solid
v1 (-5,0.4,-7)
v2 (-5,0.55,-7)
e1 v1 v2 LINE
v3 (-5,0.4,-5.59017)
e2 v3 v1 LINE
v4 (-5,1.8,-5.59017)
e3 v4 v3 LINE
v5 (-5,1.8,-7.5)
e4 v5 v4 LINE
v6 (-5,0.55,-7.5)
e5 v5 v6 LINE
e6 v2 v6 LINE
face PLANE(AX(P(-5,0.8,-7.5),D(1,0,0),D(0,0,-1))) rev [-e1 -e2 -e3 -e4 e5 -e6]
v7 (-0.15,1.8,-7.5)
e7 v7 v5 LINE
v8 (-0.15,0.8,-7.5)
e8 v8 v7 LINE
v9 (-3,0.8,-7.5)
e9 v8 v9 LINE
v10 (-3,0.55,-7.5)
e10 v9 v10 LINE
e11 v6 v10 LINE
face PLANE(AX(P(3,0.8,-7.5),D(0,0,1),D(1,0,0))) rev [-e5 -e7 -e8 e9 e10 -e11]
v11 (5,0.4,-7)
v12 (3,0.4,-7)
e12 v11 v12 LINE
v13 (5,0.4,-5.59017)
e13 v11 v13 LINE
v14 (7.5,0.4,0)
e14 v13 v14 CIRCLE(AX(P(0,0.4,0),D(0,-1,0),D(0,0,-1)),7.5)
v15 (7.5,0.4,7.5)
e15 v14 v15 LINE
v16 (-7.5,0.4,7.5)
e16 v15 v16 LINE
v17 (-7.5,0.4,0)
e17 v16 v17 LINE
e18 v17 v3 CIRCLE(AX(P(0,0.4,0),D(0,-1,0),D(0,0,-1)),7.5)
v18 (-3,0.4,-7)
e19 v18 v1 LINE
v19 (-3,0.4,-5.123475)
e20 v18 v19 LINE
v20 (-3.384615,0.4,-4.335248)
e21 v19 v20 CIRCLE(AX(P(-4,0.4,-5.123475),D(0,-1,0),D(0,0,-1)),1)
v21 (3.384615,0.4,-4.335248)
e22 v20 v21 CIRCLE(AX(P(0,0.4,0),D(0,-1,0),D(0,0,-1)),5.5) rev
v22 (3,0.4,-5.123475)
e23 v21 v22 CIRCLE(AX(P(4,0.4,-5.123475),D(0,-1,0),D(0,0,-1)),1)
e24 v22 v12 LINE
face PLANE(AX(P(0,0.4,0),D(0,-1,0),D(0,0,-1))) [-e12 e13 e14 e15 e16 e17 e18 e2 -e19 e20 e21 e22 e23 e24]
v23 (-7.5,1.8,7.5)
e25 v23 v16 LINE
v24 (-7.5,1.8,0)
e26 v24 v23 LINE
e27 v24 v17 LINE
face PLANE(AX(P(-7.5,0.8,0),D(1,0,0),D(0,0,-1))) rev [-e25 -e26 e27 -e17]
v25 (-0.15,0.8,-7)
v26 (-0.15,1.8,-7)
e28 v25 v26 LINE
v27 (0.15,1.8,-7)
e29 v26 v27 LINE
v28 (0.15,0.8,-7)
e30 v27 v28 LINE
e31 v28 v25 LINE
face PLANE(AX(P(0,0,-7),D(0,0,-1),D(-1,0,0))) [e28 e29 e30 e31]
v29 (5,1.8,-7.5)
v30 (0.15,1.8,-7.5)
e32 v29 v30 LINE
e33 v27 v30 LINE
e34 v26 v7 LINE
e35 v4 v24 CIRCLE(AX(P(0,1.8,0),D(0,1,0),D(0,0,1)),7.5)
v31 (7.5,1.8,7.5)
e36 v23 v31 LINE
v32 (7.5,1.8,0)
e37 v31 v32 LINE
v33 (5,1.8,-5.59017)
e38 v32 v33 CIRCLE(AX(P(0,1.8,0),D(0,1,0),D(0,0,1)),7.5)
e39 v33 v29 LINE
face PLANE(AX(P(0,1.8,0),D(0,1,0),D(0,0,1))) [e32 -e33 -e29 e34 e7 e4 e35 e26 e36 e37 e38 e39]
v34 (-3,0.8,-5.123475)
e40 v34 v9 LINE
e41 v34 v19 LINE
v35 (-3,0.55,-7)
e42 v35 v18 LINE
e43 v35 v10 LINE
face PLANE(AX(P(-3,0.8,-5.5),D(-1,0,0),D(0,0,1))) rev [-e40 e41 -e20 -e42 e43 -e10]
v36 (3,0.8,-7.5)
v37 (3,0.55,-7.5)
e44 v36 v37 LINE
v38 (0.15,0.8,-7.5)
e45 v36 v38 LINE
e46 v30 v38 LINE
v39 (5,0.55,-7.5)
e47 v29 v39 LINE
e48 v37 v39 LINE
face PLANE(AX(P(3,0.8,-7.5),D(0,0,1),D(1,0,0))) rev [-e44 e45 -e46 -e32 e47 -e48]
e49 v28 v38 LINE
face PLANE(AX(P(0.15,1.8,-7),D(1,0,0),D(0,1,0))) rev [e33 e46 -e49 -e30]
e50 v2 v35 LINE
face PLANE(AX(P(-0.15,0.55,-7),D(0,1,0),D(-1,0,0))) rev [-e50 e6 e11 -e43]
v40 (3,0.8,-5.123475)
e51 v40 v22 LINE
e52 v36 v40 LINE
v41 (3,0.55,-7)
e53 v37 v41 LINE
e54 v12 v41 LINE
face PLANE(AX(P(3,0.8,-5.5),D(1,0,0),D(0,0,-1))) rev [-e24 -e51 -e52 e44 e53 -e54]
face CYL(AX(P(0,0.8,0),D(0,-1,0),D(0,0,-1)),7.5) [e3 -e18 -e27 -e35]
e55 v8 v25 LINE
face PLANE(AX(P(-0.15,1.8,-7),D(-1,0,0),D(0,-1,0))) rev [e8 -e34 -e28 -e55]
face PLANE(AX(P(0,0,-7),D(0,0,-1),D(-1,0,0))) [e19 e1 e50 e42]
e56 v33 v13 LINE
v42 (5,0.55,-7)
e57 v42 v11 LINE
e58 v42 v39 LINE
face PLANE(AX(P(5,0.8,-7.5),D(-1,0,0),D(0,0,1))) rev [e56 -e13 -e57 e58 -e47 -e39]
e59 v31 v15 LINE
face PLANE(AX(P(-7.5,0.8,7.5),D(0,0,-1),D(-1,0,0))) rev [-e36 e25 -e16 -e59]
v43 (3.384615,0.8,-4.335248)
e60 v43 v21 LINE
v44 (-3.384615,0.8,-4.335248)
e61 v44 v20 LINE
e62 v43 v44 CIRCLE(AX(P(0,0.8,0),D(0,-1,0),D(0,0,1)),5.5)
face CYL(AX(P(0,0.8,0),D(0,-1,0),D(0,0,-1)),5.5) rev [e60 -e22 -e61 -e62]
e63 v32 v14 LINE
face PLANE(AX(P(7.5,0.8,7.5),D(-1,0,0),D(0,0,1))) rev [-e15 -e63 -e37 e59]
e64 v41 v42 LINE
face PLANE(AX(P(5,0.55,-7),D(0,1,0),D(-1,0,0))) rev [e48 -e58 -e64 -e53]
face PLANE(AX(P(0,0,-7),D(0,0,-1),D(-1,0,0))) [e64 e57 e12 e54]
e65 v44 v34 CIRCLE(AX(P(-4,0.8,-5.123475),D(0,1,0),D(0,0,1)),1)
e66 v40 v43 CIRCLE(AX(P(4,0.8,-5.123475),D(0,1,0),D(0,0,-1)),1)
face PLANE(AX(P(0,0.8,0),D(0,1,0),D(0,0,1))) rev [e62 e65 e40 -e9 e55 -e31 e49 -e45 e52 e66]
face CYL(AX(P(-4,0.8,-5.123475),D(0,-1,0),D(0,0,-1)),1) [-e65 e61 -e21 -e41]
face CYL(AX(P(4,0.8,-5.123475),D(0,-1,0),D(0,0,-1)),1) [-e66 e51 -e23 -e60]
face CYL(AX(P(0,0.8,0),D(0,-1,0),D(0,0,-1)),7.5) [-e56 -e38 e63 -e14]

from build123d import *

# Parameters (mm, degrees)
BOSS_EXTRUDE1_DEPTH = 0.8
BOSS_EXTRUDE2_DEPTH = 1
BOSS_EXTRUDE3_START = 1
BOSS_EXTRUDE3_DEPTH = 1
CUT_EXTRUDE1_DEPTH  = 0.5
SKETCH5_W           = 18.969303985
SKETCH5_H           = 16.990491699
CUT_EXTRUDE2_DEPTH  = 4


with BuildPart() as part:
    # Sketch1 → Boss-Extrude1 (new body)
    with BuildSketch(Plane(origin=(0, 0, 0), x_dir=(1, 0, 0), z_dir=(0, 1, 0))):
        with BuildLine():
            Line((-5, 7.5), (-5, 5.590169944))
            ThreePointArc((-5, 5.590169944), (-6.846531969, 3.061862178), (-7.5, 0))
            Line((-7.5, 0), (-7.5, -7.5))
            Line((-7.5, -7.5), (7.5, -7.5))
            Line((7.5, -7.5), (7.5, 0))
            ThreePointArc((7.5, 0), (6.846531969, 3.061862178), (5, 5.590169944))
            Line((5, 5.590169944), (5, 7.5))
            Line((5, 7.5), (3, 7.5))
            Line((3, 7.5), (3, 5.5))
            Line((3, 5.5), (3, 5.123475383))
            ThreePointArc((3, 5.123475383), (3.101282966, 4.684946373), (3.384615385, 4.335248401))
            ThreePointArc((3.384615385, 4.335248401), (0, -5.5), (-3.384615385, 4.335248401))
            ThreePointArc((-3.384615385, 4.335248401), (-3.101282966, 4.684946373), (-3, 5.123475383))
            Line((-3, 5.123475383), (-3, 5.5))
            Line((-3, 5.5), (-3, 7.5))
            Line((-3, 7.5), (-5, 7.5))
        make_face()
    extrude(amount=BOSS_EXTRUDE1_DEPTH)

    # Sketch2 → Boss-Extrude2 (add)
    with BuildSketch(Plane(origin=(0, 0.8, 0), x_dir=(1, 0, 0), z_dir=(0, 1, 0))):
        with BuildLine():
            Line((5, 5.590169944), (5, 7.5))
            Line((5, 7.5), (3, 7.5))
            Line((3, 7.5), (-3, 7.5))
            Line((-3, 7.5), (-5, 7.5))
            Line((-5, 7.5), (-5, 5.590169944))
            ThreePointArc((-5, 5.590169944), (-6.846531969, 3.061862178), (-7.5, 0))
            Line((-7.5, 0), (-7.5, -7.5))
            Line((-7.5, -7.5), (7.5, -7.5))
            Line((7.5, -7.5), (7.5, 0))
            ThreePointArc((7.5, 0), (6.846531969, 3.061862178), (5, 5.590169944))
        make_face()
    extrude(amount=BOSS_EXTRUDE2_DEPTH)

    # Sketch3 → Boss-Extrude3 (add)
    with BuildSketch(Plane.XZ.offset(BOSS_EXTRUDE3_START)):
        with BuildLine():
            Line((-3, -7.5), (-5, -7.5))
            Line((-5, -7.5), (-5, -5.590169944))
            ThreePointArc((-5, -5.590169944), (-6.846531969, -3.061862178), (-7.5, 0))
            Line((-7.5, 0), (-7.5, 7.5))
            Line((-7.5, 7.5), (7.5, 7.5))
            Line((7.5, 7.5), (7.5, 0))
            ThreePointArc((7.5, 0), (6.846531969, -3.061862178), (5, -5.590169944))
            Line((5, -5.590169944), (5, -7.5))
            Line((5, -7.5), (3, -7.5))
            Line((3, -7.5), (-3, -7.5))
        make_face()
    extrude(amount=-BOSS_EXTRUDE3_DEPTH)

    # Sketch4 → Cut-Extrude1 (cut)
    with BuildSketch(Plane(origin=(0, 0, -7.5), x_dir=(-1, 0, 0), z_dir=(0, 0, -1))):
        Polygon((-5, 0.55), (-0.15, 0.55), (-0.15, 1.8), (0.15, 1.8), (0.15, 0.55), (5, 0.55), (5, 0.25), (0.15, 0.25), (0.15, -1), (-0.15, -1), (-0.15, 0.25), (-5, 0.25), align=None)
    extrude(amount=-CUT_EXTRUDE1_DEPTH, mode=Mode.SUBTRACT)

    # Sketch5 → Cut-Extrude2 (cut)
    with BuildSketch(Plane(origin=(0, 0.4, 0), x_dir=(-1, 0, 0), z_dir=(0, -1, 0))):
        with Locations((0.318429563, 0.045489938)):
            Rectangle(SKETCH5_W, SKETCH5_H)
    extrude(amount=CUT_EXTRUDE2_DEPTH, mode=Mode.SUBTRACT)


solid = part.part
